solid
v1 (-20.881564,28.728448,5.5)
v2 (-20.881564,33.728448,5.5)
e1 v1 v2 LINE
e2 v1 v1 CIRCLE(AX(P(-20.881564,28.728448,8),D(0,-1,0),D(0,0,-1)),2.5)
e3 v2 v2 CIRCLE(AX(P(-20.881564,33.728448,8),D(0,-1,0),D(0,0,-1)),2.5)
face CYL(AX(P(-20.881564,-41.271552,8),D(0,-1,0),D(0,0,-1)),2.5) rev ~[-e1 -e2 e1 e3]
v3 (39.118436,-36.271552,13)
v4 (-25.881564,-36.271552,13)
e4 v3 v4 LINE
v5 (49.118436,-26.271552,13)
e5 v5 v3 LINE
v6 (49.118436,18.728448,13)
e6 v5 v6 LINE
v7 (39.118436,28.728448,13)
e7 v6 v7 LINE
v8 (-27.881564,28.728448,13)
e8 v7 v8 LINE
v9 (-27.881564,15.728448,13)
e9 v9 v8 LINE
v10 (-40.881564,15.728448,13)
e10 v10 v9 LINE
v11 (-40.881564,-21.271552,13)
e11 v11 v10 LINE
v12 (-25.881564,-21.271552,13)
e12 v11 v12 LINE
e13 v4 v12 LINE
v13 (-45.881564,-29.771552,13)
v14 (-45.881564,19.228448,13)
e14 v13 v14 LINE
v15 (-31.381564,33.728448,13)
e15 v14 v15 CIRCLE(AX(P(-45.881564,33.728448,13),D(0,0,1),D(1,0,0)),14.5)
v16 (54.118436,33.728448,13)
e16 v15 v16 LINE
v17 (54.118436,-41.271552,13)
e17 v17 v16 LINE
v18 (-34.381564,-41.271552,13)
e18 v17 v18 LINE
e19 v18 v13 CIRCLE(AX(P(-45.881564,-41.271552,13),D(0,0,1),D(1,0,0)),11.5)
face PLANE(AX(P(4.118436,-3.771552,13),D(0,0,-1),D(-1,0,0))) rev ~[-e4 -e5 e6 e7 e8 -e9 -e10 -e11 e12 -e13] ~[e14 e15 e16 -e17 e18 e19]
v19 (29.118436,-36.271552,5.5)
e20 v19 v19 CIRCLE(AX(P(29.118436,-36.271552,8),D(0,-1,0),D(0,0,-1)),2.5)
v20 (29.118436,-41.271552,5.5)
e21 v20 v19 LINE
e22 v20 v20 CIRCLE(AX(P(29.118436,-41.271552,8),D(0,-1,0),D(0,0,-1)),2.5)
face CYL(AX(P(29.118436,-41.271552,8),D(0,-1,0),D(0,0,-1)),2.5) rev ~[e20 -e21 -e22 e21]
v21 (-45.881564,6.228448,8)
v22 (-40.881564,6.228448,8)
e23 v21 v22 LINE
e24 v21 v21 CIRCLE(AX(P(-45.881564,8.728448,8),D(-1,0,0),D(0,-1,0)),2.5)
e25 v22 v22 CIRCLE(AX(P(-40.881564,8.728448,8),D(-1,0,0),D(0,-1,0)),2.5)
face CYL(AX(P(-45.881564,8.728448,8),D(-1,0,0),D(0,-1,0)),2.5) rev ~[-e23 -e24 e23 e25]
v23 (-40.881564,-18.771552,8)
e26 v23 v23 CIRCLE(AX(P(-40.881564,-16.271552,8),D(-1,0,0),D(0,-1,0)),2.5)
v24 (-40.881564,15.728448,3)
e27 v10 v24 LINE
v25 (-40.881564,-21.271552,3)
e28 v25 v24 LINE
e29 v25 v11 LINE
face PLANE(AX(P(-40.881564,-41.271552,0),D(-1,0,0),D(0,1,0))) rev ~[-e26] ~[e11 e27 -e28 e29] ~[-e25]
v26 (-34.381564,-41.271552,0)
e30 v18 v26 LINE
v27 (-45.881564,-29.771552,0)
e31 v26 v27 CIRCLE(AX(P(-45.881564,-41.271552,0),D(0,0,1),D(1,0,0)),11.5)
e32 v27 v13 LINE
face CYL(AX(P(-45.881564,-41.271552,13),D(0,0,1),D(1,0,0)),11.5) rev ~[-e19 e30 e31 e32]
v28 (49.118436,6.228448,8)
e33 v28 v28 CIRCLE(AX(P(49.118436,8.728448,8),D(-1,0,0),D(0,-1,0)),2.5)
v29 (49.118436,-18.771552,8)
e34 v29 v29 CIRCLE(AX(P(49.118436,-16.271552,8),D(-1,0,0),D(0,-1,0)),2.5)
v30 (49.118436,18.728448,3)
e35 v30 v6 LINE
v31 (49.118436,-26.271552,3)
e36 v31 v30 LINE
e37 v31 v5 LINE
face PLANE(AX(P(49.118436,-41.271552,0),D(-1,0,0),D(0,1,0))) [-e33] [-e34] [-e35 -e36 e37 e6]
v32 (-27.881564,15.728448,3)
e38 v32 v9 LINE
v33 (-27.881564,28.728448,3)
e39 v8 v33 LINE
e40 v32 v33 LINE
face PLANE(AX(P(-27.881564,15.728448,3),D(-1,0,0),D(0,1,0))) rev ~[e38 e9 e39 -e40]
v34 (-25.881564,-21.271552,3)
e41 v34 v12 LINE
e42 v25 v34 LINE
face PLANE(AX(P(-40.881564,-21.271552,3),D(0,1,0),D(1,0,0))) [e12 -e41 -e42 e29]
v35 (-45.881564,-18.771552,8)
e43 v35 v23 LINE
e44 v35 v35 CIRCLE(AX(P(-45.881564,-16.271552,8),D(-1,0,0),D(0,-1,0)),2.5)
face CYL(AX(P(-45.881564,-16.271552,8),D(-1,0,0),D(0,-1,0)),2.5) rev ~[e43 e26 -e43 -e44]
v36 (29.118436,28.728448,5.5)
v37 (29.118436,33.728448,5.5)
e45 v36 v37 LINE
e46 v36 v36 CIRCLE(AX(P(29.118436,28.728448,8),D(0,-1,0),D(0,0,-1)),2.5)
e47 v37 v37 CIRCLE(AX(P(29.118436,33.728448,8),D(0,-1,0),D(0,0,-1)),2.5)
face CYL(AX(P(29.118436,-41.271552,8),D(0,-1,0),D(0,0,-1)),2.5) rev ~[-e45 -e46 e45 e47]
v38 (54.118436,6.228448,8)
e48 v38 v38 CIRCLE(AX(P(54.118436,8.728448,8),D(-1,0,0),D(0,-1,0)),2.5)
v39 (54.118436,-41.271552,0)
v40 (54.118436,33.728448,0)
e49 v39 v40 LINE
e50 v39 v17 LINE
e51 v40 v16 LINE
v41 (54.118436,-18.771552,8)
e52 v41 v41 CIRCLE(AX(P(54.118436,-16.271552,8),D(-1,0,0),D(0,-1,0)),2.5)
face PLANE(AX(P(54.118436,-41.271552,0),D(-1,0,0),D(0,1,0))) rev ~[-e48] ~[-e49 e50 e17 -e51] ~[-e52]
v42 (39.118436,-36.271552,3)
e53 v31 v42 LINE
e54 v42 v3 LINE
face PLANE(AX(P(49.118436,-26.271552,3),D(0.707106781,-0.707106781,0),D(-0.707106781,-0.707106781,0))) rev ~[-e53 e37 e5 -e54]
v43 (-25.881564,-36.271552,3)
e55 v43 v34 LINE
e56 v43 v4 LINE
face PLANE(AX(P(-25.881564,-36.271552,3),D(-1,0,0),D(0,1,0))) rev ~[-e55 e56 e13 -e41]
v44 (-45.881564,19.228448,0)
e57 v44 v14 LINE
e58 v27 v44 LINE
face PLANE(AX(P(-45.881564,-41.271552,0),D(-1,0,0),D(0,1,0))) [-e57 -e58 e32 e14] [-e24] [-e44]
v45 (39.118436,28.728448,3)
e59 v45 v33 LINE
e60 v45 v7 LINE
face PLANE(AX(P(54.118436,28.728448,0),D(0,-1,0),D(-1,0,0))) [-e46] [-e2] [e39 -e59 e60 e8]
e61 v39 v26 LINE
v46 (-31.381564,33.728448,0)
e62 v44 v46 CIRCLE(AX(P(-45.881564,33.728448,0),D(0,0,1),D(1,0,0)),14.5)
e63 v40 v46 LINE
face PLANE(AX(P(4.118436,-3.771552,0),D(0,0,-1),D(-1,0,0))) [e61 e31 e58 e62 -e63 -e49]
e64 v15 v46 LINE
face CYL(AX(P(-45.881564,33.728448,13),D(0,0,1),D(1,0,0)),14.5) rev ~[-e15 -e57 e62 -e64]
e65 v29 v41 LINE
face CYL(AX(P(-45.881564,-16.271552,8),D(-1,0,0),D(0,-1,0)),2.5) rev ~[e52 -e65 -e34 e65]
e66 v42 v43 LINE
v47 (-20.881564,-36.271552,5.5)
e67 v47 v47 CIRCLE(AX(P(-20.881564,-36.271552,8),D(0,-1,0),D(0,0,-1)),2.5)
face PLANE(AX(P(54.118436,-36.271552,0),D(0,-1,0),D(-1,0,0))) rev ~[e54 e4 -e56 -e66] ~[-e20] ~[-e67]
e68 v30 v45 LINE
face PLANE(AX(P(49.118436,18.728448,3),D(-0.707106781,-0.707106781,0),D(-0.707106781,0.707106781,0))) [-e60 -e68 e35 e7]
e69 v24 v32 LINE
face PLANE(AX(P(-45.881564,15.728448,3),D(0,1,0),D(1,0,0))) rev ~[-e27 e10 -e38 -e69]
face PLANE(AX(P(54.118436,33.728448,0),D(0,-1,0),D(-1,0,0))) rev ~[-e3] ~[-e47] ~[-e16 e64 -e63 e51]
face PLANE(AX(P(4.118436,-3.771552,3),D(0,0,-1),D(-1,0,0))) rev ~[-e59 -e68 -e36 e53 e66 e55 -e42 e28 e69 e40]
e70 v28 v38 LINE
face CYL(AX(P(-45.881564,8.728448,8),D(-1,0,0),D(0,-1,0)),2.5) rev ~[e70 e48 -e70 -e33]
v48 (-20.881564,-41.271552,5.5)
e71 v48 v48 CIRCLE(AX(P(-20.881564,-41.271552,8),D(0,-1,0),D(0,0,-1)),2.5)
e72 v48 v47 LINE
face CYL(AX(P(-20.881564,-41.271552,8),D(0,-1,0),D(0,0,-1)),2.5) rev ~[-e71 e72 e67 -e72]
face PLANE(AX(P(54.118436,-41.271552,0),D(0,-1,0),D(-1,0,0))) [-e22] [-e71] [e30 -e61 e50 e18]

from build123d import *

# Parameters (mm, degrees)
BOSS_EXTRU_1_DEPTH        = 13
COQUE1_T                  = -5
COQUE1_THICKNESS_2_FACE_W = 90
COQUE1_THICKNESS_2_FACE_H = 65
COQUE1_THICKNESS_2_DEPTH  = 2
ENL_V_MAT_EXTRU_1_REACH   = 110.96
ESQUISSE2_R               = 2.5
ENL_V_MAT_EXTRU_2_REACH   = 95.396
ESQUISSE3_R               = 2.5
ESQUISSE4_W               = 18
ESQUISSE4_H               = 18
ESQUISSE4_W_2             = 15
ESQUISSE4_H_2             = 15
BOSS_EXTRU_2_DEPTH        = 10
ESQUISSE6_R               = 11.5
ESQUISSE6_R_2             = 14.5
ENL_V_MAT_EXTRU_4_DEPTH   = 13


with BuildPart() as part:
    # Esquisse1 → Boss.-Extru.1 (new body)
    with BuildSketch(Plane.XY):
        Polygon((44.118436308, 33.728448276), (54.118436308, 33.728448276), (54.118436308, 23.728448276), (54.118436308, -41.271551724), (-45.881563692, -41.271551724), (-45.881563692, 33.728448276), align=None)
    extrude(amount=BOSS_EXTRU_1_DEPTH)

    # Coque1
    coque1_openings = [part.faces().sort_by_distance(p)[0] for p in [
        (4.118436308, -3.771551724, 13),
    ]]
    offset(amount=COQUE1_T, openings=coque1_openings, kind=Kind.INTERSECTION)

    # Coque1 thickness 2 face (on inner face of the shell) → Coque1 thickness 2 (cut)
    with BuildSketch(Plane(origin=(4.118436308, -3.771551724, 5), x_dir=(-1, 0, 0), z_dir=(0, 0, -1))):
        Rectangle(COQUE1_THICKNESS_2_FACE_W, COQUE1_THICKNESS_2_FACE_H)
    extrude(amount=COQUE1_THICKNESS_2_DEPTH, mode=Mode.SUBTRACT)

    # Enlèv. mat.-Extru.1: up to this face of the body (flat: up to its plane)
    enl_v_mat_extru_1_end = Plane(part.part.faces().sort_by_distance((54.118436308, -3.771551724, 6.5))[0])
    # Esquisse2 → Enlèv. mat.-Extru.1 (cut, up to the picked face)
    with BuildSketch(Plane.ZY.offset(45.881563692), mode=Mode.PRIVATE) as enl_v_mat_extru_1_sk1:
        with Locations(Location((8, -16.271551724, 0), (0, 0, 270))):
            Circle(ESQUISSE2_R)
    enl_v_mat_extru_1_tool1 = split(extrude(enl_v_mat_extru_1_sk1.sketch, amount=-ENL_V_MAT_EXTRU_1_REACH, mode=Mode.PRIVATE), bisect_by=enl_v_mat_extru_1_end, keep=Keep.BOTH, mode=Mode.PRIVATE)
    # Esquisse2 → Enlèv. mat.-Extru.1 (cut, up to the picked face)
    with BuildSketch(Plane.ZY.offset(45.881563692), mode=Mode.PRIVATE) as enl_v_mat_extru_1_sk2:
        with Locations(Location((8, 8.728448276, 0), (0, 0, 270))):
            Circle(ESQUISSE2_R)
    enl_v_mat_extru_1_tool2 = split(extrude(enl_v_mat_extru_1_sk2.sketch, amount=-ENL_V_MAT_EXTRU_1_REACH, mode=Mode.PRIVATE), bisect_by=enl_v_mat_extru_1_end, keep=Keep.BOTH, mode=Mode.PRIVATE)
    add(enl_v_mat_extru_1_tool1.solids().sort_by(Axis((-45.881564, -16.271552, 8), (1, 0, 0)))[0], mode=Mode.SUBTRACT)
    add(enl_v_mat_extru_1_tool2.solids().sort_by(Axis((-45.881564, 8.728448, 8), (1, 0, 0)))[0], mode=Mode.SUBTRACT)

    # Enlèv. mat.-Extru.2: up to this face of the body (flat: up to its plane)
    enl_v_mat_extru_2_end = Plane(part.part.faces().sort_by_distance((4.118436308, 33.728448276, 6.5))[0])
    # Esquisse3 → Enlèv. mat.-Extru.2 (cut, up to the picked face)
    with BuildSketch(Plane.XZ.offset(41.271551724), mode=Mode.PRIVATE) as enl_v_mat_extru_2_sk1:
        with Locations(Location((-20.881563692, 8, 0), (0, 0, 270))):
            Circle(ESQUISSE3_R)
    enl_v_mat_extru_2_tool1 = split(extrude(enl_v_mat_extru_2_sk1.sketch, amount=-ENL_V_MAT_EXTRU_2_REACH, mode=Mode.PRIVATE), bisect_by=enl_v_mat_extru_2_end, keep=Keep.BOTH, mode=Mode.PRIVATE)
    # Esquisse3 → Enlèv. mat.-Extru.2 (cut, up to the picked face)
    with BuildSketch(Plane.XZ.offset(41.271551724), mode=Mode.PRIVATE) as enl_v_mat_extru_2_sk2:
        with Locations(Location((29.118436308, 8, 0), (0, 0, 270))):
            Circle(ESQUISSE3_R)
    enl_v_mat_extru_2_tool2 = split(extrude(enl_v_mat_extru_2_sk2.sketch, amount=-ENL_V_MAT_EXTRU_2_REACH, mode=Mode.PRIVATE), bisect_by=enl_v_mat_extru_2_end, keep=Keep.BOTH, mode=Mode.PRIVATE)
    add(enl_v_mat_extru_2_tool1.solids().sort_by(Axis((-20.881564, -41.271552, 8), (0, 1, 0)))[0], mode=Mode.SUBTRACT)
    add(enl_v_mat_extru_2_tool2.solids().sort_by(Axis((29.118436, -41.271552, 8), (0, 1, 0)))[0], mode=Mode.SUBTRACT)

    # Esquisse4 → Boss.-Extru.2 (add)
    with BuildSketch(Plane.XY.offset(3)):
        with Locations((-36.881563692, 24.728448276)):
            Rectangle(ESQUISSE4_W, ESQUISSE4_H)
        Polygon((49.118436308, 28.728448276), (49.118436308, 18.728448276), (39.118436308, 28.728448276), align=None)
        Polygon((49.118436308, -36.271551724), (49.118436308, -26.271551724), (39.118436308, -36.271551724), align=None)
        with Locations((-33.381563692, -28.771551724)):
            Rectangle(ESQUISSE4_W_2, ESQUISSE4_H_2)
    extrude(amount=BOSS_EXTRU_2_DEPTH)

    # Esquisse6 → Enlèv. mat.-Extru.4 (cut)
    with BuildSketch(Plane.XY.offset(13)):
        with Locations((-45.881563692, -41.271551724)):
            Circle(ESQUISSE6_R)
        with Locations((-45.881563692, 33.728448276)):
            Circle(ESQUISSE6_R_2)
    extrude(amount=-ENL_V_MAT_EXTRU_4_DEPTH, mode=Mode.SUBTRACT)


solid = part.part
